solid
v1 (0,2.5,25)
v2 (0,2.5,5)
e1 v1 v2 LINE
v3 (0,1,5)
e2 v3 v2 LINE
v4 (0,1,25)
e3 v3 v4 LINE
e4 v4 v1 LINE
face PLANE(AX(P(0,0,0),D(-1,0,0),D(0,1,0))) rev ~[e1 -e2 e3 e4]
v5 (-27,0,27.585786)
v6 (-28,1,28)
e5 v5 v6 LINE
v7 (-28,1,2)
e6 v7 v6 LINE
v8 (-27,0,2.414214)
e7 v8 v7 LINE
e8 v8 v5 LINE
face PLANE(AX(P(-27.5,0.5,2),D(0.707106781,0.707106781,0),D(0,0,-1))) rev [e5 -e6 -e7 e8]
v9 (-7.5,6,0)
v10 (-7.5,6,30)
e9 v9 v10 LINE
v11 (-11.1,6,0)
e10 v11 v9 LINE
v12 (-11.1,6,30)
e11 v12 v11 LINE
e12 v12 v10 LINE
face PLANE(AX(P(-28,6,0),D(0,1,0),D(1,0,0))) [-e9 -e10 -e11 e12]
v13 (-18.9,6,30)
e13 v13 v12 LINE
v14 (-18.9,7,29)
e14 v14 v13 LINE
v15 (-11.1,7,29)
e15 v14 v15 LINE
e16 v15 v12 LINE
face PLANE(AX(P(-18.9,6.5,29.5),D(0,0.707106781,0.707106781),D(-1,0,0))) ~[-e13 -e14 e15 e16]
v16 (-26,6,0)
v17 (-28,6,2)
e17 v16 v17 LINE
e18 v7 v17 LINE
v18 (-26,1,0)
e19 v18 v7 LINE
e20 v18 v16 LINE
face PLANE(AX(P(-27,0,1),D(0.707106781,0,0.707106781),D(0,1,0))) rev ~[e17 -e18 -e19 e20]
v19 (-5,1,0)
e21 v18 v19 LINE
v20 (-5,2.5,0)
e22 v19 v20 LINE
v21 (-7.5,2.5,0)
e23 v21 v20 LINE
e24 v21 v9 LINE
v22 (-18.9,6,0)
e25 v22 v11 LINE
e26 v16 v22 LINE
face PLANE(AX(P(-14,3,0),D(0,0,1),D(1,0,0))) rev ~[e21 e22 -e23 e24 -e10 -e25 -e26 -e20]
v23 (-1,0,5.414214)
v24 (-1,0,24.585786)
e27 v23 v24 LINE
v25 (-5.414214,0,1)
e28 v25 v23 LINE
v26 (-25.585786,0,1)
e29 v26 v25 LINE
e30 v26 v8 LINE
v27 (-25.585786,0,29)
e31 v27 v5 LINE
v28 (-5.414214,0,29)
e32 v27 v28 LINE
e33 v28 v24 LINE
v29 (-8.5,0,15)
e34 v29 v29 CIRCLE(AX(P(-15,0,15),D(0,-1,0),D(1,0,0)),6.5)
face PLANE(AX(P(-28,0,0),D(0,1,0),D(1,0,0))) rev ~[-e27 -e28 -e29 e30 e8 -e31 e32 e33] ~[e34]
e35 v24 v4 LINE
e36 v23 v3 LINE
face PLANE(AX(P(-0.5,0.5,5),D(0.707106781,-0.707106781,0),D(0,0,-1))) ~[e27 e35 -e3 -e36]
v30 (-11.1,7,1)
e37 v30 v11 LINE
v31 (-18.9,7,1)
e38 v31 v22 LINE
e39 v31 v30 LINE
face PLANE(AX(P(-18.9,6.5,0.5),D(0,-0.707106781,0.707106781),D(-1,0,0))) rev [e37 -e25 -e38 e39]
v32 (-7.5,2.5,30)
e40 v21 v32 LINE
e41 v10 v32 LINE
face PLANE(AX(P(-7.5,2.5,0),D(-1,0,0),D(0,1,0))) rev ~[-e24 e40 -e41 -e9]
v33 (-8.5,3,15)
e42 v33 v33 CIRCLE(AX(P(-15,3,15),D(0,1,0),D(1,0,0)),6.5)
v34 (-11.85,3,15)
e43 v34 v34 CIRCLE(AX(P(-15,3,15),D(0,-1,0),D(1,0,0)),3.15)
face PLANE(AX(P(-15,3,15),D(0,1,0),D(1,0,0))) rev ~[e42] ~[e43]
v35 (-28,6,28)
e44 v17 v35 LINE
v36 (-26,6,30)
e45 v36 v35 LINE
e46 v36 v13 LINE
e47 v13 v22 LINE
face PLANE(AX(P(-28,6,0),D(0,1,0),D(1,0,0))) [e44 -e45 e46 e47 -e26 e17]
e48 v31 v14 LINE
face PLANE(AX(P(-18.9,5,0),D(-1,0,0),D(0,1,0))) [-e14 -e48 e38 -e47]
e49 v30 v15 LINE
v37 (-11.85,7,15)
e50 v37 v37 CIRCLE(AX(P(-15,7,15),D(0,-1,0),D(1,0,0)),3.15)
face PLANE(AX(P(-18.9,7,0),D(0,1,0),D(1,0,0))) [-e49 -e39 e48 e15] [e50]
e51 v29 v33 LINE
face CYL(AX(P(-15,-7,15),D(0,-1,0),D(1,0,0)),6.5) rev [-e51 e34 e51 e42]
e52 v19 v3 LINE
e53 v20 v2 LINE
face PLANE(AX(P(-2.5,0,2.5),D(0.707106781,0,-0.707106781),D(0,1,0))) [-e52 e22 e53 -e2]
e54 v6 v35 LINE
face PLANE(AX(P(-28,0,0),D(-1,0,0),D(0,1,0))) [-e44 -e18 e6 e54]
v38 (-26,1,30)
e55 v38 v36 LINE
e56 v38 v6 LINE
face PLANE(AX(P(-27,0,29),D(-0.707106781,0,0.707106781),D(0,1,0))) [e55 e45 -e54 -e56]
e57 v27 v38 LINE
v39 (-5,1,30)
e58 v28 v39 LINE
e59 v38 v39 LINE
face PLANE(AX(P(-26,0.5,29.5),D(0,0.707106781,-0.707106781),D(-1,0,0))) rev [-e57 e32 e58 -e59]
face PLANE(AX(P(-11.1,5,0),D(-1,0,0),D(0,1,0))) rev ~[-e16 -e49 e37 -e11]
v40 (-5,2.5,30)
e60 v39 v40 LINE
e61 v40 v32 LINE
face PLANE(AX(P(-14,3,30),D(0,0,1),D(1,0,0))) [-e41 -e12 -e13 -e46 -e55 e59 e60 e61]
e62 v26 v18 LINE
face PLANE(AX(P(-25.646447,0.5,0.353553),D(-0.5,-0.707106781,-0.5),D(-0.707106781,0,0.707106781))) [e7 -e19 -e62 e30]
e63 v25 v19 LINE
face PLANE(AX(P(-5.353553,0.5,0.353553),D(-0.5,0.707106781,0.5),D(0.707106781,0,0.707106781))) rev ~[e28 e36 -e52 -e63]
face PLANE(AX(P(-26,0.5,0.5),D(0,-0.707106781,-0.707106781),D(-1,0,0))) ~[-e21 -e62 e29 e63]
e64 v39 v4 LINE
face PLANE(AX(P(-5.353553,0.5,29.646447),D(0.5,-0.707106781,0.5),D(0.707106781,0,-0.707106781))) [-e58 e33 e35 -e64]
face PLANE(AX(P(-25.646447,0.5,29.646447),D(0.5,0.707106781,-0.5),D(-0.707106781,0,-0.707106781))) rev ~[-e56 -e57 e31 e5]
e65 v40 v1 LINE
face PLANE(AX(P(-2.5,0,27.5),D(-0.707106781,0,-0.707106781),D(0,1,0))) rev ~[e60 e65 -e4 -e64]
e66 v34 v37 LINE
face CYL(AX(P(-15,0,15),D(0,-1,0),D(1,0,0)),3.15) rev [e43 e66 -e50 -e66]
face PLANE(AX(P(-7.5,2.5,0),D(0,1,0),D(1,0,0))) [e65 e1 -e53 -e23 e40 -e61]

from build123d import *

# Parameters (mm, degrees)
CYLINDER004_R     = 6.5
CYLINDER004_DEPTH = 10
CYLINDER005_R     = 3.15
CYLINDER005_DEPTH = 10
BOX005_W          = 16
BOX005_H          = 9
BOX005_DEPTH      = 31
BOX004_W          = 28
BOX004_H          = 6
BOX004_DEPTH      = 30
CHAMFER017_SIZE   = 5
CHAMFER018_SIZE   = 2
CHAMFER019_SIZE   = 1
BOX006_W          = 7.8
BOX006_H          = 2
BOX006_DEPTH      = 30
CHAMFER008_SIZE   = 1


with BuildPart() as cylinder004:
    # Cylinder004 → Cylinder004 (new body)
    with BuildSketch(Plane(origin=(-15, -7, 15), x_dir=(1, 0, 0), z_dir=(0, 1, 0))):
        Circle(CYLINDER004_R)
    extrude(amount=CYLINDER004_DEPTH)


with BuildPart() as cylinder005:
    # Cylinder005 → Cylinder005 (new body)
    with BuildSketch(Plane(origin=(-15, 0, 15), x_dir=(1, 0, 0), z_dir=(0, 1, 0))):
        Circle(CYLINDER005_R)
    extrude(amount=CYLINDER005_DEPTH)


with BuildPart() as cube005:
    # Box005 → Box005 (new body)
    with BuildSketch(Plane(origin=(-7.5, 2.5, 0), x_dir=(1, 0, 0), z_dir=(0, 0, 1))):
        with Locations((8, 4.5)):
            Rectangle(BOX005_W, BOX005_H)
    extrude(amount=BOX005_DEPTH)


with BuildPart() as chamfer019:
    # Box004 → Box004 (new body)
    with BuildSketch(Plane(origin=(-28, 0, 0), x_dir=(1, 0, 0), z_dir=(0, 0, 1))):
        with Locations((14, 3)):
            Rectangle(BOX004_W, BOX004_H)
    extrude(amount=BOX004_DEPTH)

    # Cut002008006002: cut Cube005
    add(cube005.part, mode=Mode.SUBTRACT)

    # Chamfer017
    chamfer017_edges = [chamfer019.edges().sort_by_distance(p)[0] for p in [
        (0, 1.25, 30),
        (0, 1.25, 0),
    ]]
    chamfer(chamfer017_edges, length=CHAMFER017_SIZE)

    # Chamfer018
    chamfer018_edges = [chamfer019.edges().sort_by_distance(p)[0] for p in [
        (-28, 3, 0),
        (-28, 3, 30),
    ]]
    chamfer(chamfer018_edges, length=CHAMFER018_SIZE)

    # Chamfer019
    chamfer019_edges = [chamfer019.edges().sort_by_distance(p)[0] for p in [
        (-15.5, 0, 0),
        (-27, 0, 1),
        (-28, 0, 15),
        (-27, 0, 29),
        (-15.5, 0, 30),
        (-2.5, 0, 27.5),
        (0, 0, 15),
        (-2.5, 0, 2.5),
    ]]
    chamfer(chamfer019_edges, length=CHAMFER019_SIZE)


with BuildPart() as cut002008006004001:
    # Box006 → Box006 (new body)
    with BuildSketch(Plane(origin=(-18.9, 5, 0), x_dir=(1, 0, 0), z_dir=(0, 0, 1))):
        with Locations((3.9, 1)):
            Rectangle(BOX006_W, BOX006_H)
    extrude(amount=BOX006_DEPTH)

    # Chamfer008
    chamfer008_edges = [cut002008006004001.edges().sort_by_distance(p)[0] for p in [
        (-15, 7, 0),
        (-15, 7, 30),
    ]]
    chamfer(chamfer008_edges, length=CHAMFER008_SIZE)

    # Fusion009: union Chamfer019
    add(chamfer019.part)

    # Cut002008006003: cut Cylinder005
    add(cylinder005.part, mode=Mode.SUBTRACT)

    # Cut002008006004: cut Cylinder004
    add(cylinder004.part, mode=Mode.SUBTRACT)


solid = cut002008006004001.part
